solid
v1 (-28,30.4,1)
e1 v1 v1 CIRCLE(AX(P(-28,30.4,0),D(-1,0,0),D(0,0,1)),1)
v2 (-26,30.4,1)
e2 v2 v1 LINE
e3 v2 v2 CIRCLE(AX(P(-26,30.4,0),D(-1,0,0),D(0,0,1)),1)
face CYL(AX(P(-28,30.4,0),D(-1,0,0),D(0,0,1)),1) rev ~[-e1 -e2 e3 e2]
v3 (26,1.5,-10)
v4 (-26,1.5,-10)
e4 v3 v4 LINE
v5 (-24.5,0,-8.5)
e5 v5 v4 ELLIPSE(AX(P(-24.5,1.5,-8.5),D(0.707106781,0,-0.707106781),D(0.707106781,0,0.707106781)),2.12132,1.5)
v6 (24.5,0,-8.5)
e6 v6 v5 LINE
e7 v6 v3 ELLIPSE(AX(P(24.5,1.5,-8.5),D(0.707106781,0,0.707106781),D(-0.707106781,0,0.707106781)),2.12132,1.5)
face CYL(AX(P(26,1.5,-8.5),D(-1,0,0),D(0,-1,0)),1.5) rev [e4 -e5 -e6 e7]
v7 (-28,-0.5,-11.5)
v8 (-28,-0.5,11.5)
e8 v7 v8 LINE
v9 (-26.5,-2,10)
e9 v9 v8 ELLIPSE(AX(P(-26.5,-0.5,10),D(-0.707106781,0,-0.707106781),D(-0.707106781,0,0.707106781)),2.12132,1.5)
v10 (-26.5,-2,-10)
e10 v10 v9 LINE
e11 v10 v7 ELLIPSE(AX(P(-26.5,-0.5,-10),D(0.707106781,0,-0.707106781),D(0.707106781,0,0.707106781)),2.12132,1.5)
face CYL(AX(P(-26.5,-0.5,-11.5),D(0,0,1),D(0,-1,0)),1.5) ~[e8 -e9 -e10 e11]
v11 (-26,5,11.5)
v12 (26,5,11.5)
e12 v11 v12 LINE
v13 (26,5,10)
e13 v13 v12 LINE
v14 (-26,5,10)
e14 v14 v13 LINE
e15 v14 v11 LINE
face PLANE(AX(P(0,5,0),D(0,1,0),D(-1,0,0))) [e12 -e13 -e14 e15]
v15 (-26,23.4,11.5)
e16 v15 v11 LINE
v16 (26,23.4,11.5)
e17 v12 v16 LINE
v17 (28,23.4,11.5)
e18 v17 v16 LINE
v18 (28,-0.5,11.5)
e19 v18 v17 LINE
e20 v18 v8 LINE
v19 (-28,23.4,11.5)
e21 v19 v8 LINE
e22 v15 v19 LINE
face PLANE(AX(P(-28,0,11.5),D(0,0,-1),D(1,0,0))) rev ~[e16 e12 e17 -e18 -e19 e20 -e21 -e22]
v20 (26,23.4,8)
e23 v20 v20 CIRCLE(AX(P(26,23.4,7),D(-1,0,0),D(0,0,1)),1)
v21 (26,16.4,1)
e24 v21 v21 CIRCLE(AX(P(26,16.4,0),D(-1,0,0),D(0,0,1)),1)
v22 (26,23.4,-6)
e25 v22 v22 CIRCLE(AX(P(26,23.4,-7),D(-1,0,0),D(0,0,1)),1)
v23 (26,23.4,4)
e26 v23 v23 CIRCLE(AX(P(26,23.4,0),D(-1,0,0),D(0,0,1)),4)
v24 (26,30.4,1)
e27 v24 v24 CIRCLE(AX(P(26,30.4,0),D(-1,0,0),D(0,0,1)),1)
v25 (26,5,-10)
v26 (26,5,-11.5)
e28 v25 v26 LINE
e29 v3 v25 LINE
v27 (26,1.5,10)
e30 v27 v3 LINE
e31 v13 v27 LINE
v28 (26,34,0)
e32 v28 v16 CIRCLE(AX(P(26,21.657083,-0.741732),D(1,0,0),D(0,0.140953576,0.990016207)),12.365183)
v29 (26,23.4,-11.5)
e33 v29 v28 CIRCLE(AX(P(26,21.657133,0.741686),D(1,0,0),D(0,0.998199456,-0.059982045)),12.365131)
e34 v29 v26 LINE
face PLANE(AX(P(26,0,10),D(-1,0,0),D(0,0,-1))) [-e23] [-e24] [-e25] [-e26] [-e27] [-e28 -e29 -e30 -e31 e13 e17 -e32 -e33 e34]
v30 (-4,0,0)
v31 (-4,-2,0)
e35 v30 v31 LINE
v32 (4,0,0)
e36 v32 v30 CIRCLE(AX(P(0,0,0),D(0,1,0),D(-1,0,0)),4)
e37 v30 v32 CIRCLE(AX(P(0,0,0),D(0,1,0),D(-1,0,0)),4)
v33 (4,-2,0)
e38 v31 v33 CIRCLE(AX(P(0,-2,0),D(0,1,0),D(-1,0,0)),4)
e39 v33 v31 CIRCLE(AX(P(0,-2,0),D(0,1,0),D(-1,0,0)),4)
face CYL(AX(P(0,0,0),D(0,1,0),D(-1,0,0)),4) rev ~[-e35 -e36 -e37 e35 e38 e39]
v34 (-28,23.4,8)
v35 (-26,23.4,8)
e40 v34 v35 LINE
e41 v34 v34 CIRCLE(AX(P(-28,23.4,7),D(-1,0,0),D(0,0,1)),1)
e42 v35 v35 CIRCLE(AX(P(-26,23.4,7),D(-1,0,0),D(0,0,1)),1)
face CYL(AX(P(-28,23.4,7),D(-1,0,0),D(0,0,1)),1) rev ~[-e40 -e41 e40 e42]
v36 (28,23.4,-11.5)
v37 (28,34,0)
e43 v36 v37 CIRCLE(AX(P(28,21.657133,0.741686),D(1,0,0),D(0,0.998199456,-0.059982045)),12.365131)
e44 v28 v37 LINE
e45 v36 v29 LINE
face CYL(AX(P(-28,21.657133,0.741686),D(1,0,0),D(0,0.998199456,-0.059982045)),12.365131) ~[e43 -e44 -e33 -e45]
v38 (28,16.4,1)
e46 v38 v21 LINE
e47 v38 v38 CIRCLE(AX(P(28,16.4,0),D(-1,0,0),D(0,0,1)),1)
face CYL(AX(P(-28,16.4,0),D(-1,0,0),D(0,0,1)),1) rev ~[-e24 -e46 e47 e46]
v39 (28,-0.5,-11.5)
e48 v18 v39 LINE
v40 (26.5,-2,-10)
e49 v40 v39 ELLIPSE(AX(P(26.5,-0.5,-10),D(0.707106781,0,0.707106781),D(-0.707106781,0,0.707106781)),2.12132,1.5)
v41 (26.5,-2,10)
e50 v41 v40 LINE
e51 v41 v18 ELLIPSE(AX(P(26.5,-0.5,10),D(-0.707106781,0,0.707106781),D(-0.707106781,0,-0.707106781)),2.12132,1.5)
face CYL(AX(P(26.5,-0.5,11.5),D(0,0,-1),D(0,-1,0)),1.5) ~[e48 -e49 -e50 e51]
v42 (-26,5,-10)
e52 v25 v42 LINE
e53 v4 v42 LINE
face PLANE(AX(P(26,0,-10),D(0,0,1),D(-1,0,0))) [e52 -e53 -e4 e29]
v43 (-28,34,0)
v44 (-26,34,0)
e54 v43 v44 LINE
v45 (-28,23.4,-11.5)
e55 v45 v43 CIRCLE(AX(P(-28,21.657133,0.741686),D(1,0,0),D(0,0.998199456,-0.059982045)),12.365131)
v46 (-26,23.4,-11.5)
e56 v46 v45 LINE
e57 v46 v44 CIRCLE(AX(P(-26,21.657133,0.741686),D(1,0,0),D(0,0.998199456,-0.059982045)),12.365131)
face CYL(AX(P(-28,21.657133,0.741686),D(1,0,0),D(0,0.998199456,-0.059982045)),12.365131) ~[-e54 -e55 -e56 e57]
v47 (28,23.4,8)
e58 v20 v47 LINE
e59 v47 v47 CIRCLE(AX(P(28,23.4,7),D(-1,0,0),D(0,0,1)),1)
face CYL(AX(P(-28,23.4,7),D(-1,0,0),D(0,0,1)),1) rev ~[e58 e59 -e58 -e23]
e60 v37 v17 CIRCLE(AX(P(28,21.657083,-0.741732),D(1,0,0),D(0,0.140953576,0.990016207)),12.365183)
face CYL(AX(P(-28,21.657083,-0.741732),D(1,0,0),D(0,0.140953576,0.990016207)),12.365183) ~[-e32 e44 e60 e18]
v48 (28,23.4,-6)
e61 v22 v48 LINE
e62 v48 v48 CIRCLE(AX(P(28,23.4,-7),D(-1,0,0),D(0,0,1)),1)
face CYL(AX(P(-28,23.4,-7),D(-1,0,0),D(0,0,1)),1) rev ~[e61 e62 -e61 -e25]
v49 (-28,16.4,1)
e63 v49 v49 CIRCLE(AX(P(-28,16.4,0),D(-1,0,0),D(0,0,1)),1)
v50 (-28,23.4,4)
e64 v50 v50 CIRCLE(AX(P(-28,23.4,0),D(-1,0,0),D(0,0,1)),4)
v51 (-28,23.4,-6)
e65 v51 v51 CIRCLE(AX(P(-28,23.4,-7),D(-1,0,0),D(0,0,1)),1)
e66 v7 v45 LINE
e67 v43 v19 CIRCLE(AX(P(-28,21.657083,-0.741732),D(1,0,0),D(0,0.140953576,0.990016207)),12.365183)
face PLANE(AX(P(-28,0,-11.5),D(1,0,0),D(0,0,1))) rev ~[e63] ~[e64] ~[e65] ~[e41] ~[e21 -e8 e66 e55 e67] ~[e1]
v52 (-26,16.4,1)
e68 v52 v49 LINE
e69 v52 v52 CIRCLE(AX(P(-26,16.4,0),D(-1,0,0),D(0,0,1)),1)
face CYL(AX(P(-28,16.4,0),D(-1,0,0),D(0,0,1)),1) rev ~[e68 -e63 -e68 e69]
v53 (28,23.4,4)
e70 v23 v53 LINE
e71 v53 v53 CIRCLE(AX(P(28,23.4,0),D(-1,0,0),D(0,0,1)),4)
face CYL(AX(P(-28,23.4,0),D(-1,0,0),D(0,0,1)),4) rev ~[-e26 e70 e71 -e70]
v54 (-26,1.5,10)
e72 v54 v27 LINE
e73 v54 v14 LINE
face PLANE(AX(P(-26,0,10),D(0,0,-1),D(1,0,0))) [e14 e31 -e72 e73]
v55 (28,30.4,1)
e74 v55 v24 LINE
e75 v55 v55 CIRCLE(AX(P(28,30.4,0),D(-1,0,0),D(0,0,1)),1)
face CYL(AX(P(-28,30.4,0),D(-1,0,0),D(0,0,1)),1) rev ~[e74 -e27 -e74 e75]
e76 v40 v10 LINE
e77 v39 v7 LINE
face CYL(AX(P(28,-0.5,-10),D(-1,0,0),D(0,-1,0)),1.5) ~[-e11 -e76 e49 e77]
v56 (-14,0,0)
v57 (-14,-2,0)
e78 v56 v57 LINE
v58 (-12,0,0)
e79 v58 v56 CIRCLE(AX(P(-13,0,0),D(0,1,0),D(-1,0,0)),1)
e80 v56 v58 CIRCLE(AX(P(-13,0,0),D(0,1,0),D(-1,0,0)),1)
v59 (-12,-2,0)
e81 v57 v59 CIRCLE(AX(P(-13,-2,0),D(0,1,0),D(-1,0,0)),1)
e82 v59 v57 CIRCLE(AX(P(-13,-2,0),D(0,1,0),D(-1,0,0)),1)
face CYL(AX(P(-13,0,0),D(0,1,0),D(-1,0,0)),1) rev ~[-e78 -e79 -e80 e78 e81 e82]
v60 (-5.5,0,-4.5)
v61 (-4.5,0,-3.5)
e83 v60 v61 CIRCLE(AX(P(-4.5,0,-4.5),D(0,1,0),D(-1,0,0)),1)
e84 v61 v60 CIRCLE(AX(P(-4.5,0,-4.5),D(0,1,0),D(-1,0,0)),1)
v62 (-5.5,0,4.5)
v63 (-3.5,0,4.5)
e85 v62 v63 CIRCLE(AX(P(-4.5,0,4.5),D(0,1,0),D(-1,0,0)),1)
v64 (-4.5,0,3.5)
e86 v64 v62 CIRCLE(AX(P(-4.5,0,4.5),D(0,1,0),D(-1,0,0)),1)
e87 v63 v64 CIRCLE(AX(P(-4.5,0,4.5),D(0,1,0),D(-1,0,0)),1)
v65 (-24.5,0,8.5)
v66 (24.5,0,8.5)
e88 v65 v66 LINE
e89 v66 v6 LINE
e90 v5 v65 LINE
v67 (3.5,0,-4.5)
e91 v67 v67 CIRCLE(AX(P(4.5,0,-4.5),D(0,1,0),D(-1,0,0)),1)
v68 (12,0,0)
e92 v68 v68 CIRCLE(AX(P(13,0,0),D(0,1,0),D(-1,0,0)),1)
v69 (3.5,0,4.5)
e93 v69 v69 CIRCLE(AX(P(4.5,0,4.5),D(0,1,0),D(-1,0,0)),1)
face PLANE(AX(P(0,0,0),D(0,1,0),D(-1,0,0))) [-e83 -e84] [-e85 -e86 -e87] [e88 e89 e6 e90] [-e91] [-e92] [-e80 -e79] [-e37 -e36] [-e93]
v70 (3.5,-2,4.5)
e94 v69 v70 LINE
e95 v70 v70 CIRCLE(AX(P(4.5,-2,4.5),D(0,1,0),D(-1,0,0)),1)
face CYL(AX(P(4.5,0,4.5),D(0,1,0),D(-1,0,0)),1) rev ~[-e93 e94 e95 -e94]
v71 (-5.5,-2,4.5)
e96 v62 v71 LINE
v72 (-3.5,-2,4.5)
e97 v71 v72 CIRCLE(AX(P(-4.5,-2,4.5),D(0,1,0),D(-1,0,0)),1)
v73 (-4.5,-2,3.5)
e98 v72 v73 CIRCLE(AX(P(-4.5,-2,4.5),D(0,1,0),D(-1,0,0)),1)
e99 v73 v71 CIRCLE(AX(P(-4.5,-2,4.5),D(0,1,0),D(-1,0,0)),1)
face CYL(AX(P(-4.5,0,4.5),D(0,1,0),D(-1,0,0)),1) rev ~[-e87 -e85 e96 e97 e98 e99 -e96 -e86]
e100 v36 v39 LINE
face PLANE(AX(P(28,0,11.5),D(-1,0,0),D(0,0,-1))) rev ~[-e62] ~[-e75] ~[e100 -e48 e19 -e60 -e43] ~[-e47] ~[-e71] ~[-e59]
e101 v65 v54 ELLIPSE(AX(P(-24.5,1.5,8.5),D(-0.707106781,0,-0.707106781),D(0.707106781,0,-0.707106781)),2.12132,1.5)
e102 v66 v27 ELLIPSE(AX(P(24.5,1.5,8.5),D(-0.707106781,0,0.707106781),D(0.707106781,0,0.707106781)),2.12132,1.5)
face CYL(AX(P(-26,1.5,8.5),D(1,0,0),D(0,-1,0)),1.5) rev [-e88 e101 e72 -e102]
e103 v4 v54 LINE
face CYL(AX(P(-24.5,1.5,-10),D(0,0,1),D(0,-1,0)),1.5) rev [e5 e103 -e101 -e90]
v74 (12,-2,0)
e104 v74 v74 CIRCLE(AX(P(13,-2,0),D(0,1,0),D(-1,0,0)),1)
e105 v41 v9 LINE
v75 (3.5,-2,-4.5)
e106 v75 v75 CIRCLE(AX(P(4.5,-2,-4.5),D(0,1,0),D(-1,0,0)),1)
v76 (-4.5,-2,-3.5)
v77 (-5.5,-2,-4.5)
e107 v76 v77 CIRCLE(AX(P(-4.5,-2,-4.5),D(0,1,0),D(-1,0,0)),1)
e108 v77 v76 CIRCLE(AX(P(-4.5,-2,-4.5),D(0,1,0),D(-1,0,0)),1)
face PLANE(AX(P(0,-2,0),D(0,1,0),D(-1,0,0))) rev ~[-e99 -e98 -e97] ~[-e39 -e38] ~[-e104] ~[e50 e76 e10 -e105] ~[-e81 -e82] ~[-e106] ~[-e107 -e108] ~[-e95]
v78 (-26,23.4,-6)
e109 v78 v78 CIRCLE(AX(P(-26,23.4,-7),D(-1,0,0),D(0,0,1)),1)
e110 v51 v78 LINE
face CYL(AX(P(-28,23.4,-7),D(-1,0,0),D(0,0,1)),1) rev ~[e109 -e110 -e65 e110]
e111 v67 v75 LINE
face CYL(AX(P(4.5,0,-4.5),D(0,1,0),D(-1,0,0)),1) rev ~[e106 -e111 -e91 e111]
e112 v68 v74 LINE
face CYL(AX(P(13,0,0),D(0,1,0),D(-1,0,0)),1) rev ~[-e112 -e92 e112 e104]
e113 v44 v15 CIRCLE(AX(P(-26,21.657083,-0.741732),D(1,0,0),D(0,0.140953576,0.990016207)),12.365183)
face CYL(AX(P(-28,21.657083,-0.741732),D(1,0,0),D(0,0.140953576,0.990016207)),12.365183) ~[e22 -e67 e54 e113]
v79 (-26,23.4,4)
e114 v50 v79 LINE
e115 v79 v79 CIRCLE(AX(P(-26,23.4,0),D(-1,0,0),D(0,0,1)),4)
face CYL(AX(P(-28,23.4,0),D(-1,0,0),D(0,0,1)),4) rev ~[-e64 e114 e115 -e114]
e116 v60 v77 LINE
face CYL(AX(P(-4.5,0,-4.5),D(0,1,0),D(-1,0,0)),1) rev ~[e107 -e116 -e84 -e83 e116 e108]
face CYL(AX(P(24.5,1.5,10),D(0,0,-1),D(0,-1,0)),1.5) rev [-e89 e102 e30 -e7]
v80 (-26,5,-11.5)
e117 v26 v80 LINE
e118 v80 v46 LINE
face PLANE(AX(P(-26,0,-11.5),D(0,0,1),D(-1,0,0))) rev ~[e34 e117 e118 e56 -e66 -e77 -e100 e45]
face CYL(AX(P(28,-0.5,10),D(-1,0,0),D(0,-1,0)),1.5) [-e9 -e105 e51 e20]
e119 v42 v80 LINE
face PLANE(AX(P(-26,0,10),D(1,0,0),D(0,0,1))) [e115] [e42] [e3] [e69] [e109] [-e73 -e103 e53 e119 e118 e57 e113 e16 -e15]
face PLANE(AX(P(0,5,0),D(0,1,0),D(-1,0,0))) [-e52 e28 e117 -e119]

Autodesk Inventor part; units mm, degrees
ref_plane "YZ Plane" through (0, 0, 0) normal (1, 0, 0) x (0, 1, 0)
ref_plane "XZ Plane" through (0, 0, 0) normal (0, 1, 0) x (-1, 0, 0)
ref_plane "XY Plane" through (0, 0, 0) normal (0, 0, 1) x (1, 0, 0)
sketch "Esboço1" plane through (0, 0, 0) normal (0, 1, 0) x (-1, 0, 0)
  line L0 (-25.9999, 11.4129) -> (25.9999, -11.4129) construction
  line L1 (28, 11.5) -> (-28, -11.5) construction
  circle A0 centre (0, 0) radius 4
  line L2 (26, 10) -> (-26, 10)
  line L3 (-26, 10) -> (-26, -10)
  line L4 (-26, -10) -> (26, -10)
  line L5 (26, -10) -> (26, 10)
  line L6 (26, 10) -> (-26, -10) construction
  line L7 (-26, 10) -> (26, -10) construction
  line L8 (13, 0) -> (-13, 0)
  circle A1 centre (-13, 0) radius 1
  circle A2 centre (13, 0) radius 1
  line L9 (4.5, 4.5) -> (-4.5, 4.5)
  line L10 (4.5, -4.5) -> (4.5, 4.5)
  line L11 (4.5, 4.5) -> (-4.5, -4.5) construction
  line L12 (-4.5, 4.5) -> (4.5, -4.5) construction
  circle A3 centre (4.5, 4.5) radius 1
  circle A4 centre (4.5, -4.5) radius 1
  circle A5 centre (-4.5, 4.5) radius 1
  circle A6 centre (-4.5, -4.5) radius 1
  line L13 (28, 11.5) -> (-28, 11.5)
  line L14 (-28, 11.5) -> (-28, -11.5)
  line L15 (-28, -11.5) -> (28, -11.5)
  line L16 (28, -11.5) -> (28, 11.5)
  line L17 (28, 11.5) -> (-28, -11.5) construction
  line L18 (-28, 11.5) -> (28, -11.5) construction
  line L19 (26, -10) -> (26, -11.5)
  line L20 (26, 10) -> (26, 11.5)
  line L21 (-26, 10) -> (-26, 11.5)
  line L22 (-26, -10) -> (-26, -11.5)
  dimension "d0" = 54
  dimension "d1" = 23
  dimension "d2" = 8
  dimension "d3" = 52
  dimension "d4" = 20
  dimension "d5" = 26
  dimension "d6" = 2
  dimension "d7" = 2
  dimension "d8" = 9
  dimension "d9" = 9
  dimension "d10" = 2
  dimension "d13" = 9
  dimension "d16" = 9
  dimension "d19" = 56
  dimension "d20" = 23
extrude "Extrusão1" add sketch "Esboço1" along normal blind 34 and the other way blind 2 contours L20 L13 L16 L15 L19 L5 | L3 L22 L15 L14 L13 L21
extrude "Extrusão2" add sketch "Esboço1" along normal blind 5 and the other way blind 2 contours L2 L21 L13 L20 | L19 L15 L22 L4
extrude "Extrusão3" add sketch "Esboço1" against normal blind 2 contours L5 L4 L3 L2
sketch "Esboço3" plane through (-28, -2, -11.5) normal (-1, 0, 0) x (0, 0, 1)
  line L0 (11.5, 2) -> (11.5, 25.4)
  circle A0 centre (11.5, 25.4) radius 4
  line L1 (11.5, 25.4) -> (11.5, 18.4)
  circle A1 centre (11.5, 18.4) radius 1
  circle A2 centre (18.5, 25.4) radius 1
  circle A3 centre (11.5, 32.4) radius 1
  circle A4 centre (4.5, 25.4) radius 1
  line L2 (11.5, 2) -> (-22.5, 2)
  line L3 (7.5, 2) -> (15.5, 2) projected
  line L4 (11.5, 2) -> (11.5, 36)
  line L5 (-7.4457, 25.4) -> (30.4457, 25.4)
  line L6 (0, 36) -> (0, 7) projected
  arc A5 (11.5, 36) -> (0, 25.4) centre (12.2417, 23.6571) ccw
  arc A6 (23, 25.4) -> (11.5, 36) centre (10.7583, 23.6571) ccw
  line L7 (0, 0) -> (0, 36) projected
  line L8 (0, 25.4) -> (0, 36)
  line L9 (0, 36) -> (23, 36)
  line L10 (23, 36) -> (23, 25.4)
  point P0 (-22.5, 2)
  point P1 (11.5, 36)
  point P2 (11.5, 36)
  dimension "d27" = 23.4
  dimension "d28" = 8
  dimension "d29" = 7
  dimension "d30" = 2
  dimension "d33" = 360
  dimension "d39" = 34
  dimension "d40" = 34
extrude "Extrusão4" cut sketch "Esboço3" along normal blind 5.75 and the other way blind 76 contours A1 L0 | L0 A1 | A0 L5 L0 | L0 L5 A0 | L5 A0 L4 | L4 A0 L5 | L5 A4 | A4 L5 | L5 A2 | A2 L5 | L4 A3 | A3 L4
extrude "Extrusão5" cut sketch "Esboço3" along normal blind 5.75 and the other way blind 76 contours L6 L9 A5 | L9 L10 A6
fillet "Arredondamento2" radius 1.5 8 edges at (0, 0, 10) (-26, 0, 0) (0, 0, -10) (26, 0, 0) (0, -2, 11.5) (-28, -2, 0) (0, -2, -11.5) (28, -2, 0)
properties part number "ShotFrame"
